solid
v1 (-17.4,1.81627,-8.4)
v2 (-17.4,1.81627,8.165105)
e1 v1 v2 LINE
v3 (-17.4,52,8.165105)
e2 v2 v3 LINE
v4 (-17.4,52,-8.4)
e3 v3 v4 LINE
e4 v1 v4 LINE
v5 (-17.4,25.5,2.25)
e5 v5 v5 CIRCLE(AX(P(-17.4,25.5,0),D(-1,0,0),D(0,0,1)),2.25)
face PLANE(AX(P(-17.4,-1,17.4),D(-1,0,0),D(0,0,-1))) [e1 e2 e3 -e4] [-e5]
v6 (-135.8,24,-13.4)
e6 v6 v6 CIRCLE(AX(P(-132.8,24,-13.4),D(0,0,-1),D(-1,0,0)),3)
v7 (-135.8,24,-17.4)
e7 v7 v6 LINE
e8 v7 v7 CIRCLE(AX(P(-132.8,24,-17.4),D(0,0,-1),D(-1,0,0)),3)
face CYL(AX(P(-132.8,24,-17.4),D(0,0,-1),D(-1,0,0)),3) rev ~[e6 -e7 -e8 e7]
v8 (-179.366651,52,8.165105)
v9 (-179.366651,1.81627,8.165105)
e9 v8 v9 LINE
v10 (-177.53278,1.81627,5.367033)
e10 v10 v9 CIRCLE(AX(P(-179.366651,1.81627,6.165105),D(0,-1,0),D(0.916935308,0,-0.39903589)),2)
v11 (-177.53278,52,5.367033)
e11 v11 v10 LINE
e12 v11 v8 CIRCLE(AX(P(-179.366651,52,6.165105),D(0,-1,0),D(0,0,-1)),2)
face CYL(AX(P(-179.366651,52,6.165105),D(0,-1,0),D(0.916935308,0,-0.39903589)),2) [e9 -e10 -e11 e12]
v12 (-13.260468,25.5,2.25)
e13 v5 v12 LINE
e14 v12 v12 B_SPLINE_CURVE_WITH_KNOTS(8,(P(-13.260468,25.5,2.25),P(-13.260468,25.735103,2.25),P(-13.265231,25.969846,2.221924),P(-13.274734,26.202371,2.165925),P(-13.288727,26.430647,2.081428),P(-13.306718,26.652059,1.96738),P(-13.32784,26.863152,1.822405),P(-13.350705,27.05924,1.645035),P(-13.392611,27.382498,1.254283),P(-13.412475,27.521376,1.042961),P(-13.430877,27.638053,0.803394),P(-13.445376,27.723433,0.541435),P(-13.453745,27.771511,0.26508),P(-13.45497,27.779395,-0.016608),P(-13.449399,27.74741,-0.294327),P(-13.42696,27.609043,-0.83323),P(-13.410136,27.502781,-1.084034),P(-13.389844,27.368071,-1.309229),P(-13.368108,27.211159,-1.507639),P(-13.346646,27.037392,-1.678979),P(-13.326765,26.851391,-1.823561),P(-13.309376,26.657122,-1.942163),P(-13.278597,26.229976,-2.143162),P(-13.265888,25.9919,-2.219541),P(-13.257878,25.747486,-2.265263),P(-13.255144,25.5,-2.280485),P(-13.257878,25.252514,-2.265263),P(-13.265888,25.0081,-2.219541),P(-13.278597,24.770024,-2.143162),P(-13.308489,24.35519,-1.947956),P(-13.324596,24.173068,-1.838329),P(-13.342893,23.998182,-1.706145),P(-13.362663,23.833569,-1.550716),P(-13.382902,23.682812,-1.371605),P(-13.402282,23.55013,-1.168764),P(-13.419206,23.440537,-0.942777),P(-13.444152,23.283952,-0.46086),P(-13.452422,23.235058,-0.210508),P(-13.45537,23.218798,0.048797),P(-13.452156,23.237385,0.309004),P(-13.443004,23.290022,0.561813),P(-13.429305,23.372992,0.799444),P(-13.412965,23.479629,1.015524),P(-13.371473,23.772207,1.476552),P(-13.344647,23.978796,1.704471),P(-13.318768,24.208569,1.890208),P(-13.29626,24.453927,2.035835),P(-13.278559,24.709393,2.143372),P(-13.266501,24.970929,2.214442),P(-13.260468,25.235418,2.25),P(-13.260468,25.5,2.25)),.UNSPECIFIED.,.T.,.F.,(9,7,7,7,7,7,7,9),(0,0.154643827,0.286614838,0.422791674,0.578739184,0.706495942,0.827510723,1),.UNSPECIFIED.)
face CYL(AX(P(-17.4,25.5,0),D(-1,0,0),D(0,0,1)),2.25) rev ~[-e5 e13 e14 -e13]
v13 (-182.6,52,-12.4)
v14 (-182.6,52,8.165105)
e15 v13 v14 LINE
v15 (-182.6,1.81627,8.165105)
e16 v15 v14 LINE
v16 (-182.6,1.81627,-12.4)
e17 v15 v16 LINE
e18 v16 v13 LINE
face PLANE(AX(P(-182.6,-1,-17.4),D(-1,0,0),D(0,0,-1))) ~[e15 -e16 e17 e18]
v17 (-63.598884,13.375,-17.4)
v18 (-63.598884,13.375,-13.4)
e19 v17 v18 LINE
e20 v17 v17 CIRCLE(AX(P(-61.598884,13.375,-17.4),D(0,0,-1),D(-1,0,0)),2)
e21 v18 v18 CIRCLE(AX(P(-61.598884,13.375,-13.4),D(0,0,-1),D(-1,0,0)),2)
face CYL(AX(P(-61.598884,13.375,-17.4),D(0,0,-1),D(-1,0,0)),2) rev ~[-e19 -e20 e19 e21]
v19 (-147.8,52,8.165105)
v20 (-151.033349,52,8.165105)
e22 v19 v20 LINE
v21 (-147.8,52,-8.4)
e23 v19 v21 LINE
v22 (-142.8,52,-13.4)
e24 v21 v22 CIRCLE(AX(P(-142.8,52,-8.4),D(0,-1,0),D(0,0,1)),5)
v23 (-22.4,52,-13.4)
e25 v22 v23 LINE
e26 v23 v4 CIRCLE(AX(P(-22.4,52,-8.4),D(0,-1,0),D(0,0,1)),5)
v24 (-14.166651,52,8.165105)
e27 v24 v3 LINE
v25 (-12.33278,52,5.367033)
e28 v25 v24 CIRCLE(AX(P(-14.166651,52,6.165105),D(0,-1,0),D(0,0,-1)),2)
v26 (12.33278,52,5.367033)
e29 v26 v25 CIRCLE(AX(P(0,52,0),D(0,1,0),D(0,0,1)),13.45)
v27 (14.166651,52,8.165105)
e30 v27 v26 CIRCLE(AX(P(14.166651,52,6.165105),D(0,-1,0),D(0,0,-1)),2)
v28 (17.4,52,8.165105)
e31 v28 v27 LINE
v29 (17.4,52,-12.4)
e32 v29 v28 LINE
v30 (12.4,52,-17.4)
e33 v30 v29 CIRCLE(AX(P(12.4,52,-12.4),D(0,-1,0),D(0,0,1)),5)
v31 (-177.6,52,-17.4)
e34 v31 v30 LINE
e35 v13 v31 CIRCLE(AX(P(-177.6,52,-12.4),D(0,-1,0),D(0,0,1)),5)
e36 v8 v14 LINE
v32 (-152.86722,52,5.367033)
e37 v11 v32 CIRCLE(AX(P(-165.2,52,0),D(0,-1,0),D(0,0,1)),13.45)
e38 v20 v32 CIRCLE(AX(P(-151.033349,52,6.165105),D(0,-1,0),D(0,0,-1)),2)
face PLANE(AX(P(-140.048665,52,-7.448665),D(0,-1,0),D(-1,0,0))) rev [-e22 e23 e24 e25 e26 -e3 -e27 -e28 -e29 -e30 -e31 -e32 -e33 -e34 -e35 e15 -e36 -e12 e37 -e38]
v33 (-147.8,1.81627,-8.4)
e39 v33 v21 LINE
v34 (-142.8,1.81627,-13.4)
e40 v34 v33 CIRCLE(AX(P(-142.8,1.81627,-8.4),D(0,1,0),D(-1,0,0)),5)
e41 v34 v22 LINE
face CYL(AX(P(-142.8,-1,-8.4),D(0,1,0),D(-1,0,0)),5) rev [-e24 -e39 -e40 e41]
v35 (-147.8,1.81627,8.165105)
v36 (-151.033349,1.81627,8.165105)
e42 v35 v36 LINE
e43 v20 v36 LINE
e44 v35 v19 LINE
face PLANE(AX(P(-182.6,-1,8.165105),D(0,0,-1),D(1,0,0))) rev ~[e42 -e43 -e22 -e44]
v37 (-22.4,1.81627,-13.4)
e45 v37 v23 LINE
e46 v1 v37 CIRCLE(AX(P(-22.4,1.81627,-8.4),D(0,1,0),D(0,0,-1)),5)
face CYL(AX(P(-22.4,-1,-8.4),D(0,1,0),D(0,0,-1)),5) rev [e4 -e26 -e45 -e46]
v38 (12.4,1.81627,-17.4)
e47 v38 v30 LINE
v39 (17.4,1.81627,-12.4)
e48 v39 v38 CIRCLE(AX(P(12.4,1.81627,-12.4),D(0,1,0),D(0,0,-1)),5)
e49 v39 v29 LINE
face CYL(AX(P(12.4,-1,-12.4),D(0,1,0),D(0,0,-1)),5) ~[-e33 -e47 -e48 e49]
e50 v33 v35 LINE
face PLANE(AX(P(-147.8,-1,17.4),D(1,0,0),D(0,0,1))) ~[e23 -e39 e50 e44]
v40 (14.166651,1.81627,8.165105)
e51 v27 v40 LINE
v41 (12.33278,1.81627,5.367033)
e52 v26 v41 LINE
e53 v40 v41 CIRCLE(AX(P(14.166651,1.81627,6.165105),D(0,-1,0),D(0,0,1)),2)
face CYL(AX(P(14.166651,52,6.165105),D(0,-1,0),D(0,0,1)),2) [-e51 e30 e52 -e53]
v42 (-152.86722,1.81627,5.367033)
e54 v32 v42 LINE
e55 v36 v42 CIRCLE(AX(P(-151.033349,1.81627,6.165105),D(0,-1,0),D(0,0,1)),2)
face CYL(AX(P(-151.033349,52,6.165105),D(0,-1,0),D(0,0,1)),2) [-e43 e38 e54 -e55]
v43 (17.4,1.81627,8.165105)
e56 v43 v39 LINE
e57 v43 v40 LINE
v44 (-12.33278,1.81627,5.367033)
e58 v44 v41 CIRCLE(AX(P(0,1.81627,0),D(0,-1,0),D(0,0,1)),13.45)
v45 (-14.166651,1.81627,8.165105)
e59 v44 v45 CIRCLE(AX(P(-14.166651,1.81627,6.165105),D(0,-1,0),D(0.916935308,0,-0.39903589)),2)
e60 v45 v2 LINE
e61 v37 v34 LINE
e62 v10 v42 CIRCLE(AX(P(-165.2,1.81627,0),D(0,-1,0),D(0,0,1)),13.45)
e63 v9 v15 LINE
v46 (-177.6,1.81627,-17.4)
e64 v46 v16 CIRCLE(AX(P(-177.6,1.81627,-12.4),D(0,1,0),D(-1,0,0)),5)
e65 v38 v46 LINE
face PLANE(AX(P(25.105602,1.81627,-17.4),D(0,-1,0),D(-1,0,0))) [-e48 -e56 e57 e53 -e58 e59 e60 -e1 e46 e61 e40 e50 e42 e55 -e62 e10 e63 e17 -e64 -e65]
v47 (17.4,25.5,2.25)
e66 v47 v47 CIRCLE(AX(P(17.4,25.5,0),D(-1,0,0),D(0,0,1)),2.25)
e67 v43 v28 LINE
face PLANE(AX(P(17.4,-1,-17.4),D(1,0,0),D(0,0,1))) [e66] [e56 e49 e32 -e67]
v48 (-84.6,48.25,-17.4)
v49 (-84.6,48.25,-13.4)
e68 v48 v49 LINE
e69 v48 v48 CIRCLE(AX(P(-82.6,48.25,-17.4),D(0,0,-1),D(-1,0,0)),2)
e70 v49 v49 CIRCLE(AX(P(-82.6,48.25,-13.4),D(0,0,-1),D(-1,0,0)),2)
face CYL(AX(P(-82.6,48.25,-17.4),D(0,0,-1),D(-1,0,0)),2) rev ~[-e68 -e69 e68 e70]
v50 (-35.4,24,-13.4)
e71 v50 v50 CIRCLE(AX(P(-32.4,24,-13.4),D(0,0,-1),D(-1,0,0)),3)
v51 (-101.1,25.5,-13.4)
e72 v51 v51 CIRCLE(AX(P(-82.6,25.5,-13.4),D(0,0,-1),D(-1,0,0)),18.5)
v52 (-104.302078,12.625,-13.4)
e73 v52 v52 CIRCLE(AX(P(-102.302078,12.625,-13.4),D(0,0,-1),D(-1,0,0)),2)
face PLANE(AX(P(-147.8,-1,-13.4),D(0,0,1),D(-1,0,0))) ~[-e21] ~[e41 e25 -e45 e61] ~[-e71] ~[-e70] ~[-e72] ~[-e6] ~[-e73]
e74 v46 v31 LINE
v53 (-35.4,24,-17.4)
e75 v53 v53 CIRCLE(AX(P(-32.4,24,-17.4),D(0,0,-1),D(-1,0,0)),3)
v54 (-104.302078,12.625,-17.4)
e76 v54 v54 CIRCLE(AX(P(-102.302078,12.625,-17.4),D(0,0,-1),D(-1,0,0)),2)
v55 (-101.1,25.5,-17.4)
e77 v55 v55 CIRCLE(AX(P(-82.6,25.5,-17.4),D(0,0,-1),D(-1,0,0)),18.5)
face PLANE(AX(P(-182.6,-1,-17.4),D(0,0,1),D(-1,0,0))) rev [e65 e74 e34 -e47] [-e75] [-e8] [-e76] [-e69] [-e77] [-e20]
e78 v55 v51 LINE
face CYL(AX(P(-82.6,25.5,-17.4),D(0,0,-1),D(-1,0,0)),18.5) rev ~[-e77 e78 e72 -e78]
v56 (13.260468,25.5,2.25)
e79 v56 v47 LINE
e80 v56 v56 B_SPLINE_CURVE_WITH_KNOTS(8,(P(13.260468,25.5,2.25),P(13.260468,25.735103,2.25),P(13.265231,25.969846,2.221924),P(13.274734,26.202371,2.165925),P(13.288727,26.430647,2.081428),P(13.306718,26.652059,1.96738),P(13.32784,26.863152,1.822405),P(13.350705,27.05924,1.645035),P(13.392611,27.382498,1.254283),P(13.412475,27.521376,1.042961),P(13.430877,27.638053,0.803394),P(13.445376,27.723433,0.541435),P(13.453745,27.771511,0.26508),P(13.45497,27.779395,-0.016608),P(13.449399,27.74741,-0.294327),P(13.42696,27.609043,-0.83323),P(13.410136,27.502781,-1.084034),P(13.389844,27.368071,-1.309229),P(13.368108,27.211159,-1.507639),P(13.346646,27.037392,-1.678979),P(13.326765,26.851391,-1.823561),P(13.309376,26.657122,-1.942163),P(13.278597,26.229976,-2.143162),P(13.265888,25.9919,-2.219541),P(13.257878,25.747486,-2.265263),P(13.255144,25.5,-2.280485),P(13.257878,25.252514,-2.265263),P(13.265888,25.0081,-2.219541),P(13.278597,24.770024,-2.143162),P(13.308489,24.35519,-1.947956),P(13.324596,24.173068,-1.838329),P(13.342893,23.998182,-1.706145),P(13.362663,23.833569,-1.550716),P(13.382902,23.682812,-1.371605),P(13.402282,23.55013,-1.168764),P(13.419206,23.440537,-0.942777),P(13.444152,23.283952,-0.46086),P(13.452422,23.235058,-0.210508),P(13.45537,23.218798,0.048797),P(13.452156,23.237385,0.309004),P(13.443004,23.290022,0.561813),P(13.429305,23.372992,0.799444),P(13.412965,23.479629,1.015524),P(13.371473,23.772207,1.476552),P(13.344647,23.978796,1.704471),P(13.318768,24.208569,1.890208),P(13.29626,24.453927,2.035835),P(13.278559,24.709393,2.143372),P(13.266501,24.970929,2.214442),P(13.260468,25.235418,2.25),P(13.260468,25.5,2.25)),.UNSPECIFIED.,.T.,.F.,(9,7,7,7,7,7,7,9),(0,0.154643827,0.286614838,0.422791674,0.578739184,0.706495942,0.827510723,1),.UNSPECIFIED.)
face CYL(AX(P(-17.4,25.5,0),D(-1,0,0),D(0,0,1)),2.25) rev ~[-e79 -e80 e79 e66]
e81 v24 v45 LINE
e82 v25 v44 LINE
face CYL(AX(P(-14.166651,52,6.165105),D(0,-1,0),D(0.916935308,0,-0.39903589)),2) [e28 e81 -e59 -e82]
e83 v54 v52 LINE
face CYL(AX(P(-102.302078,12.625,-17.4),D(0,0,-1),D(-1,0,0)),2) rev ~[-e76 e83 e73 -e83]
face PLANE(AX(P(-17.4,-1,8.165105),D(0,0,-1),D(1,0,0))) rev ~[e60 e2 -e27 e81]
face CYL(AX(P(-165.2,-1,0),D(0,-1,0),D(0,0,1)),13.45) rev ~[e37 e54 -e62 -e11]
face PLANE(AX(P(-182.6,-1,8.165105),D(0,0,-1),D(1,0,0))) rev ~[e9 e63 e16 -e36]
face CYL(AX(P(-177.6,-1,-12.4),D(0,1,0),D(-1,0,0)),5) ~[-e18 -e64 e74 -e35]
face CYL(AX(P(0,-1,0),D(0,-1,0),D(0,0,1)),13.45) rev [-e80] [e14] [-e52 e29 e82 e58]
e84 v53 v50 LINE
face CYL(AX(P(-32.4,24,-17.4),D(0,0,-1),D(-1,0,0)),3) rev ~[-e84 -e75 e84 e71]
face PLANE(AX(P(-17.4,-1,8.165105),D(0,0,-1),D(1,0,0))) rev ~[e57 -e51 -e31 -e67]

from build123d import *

# Parameters (mm, degrees)
BOSS_EXTRUDE2_START = -1
SKETCH1_R           = 13.45
BOSS_EXTRUDE2_DEPTH = 53
FILLET1_R           = 3
FILLET2_R           = 5
SKETCH9_R           = 2.25
CUT_EXTRUDE2_DEPTH  = 175.062632406
CUT_EXTRUDE4_DEPTH  = 61
FILLET3_R           = 2
SKETCH12_R          = 18.5
SKETCH12_R_2        = 2
CUT_EXTRUDE5_DEPTH  = 61
SKETCH13_R          = 3
CUT_EXTRUDE8_DEPTH  = 41
SKETCH14_W          = 211.811280225
SKETCH14_H          = 13.838629025
CUT_EXTRUDE10_DEPTH = 41


with BuildPart() as part:
    # Sketch1 → Boss-Extrude2 (new body)
    with BuildSketch(Plane(origin=(0, 0, 0), x_dir=(1, 0, 0), z_dir=(0, 1, 0)).offset(BOSS_EXTRUDE2_START)):
        Polygon((-17.4, 17.4), (17.4, 17.4), (17.4, -17.4), (-17.4, -17.4), (-17.4, 13.4), (-82.6, 13.4), (-82.6, 17.4), align=None)
        with Locations(Location((0, 0, 0), (0, 0, 270))):
            Circle(SKETCH1_R, mode=Mode.SUBTRACT)
    boss_extrude2 = extrude(amount=BOSS_EXTRUDE2_DEPTH)

    # Mirror2: Boss-Extrude2 across plane
    add(boss_extrude2.mirror(Plane(origin=(-82.6, -1, -17.4), x_dir=(0, 0, 1), z_dir=(-1, 0, 0))))

    # Fillet1
    fillet1_edges = [part.edges().sort_by_distance(p)[0] for p in [
        (17.4, 25.5, 17.4),
        (-17.4, 25.5, 17.4),
        (-182.6, 25.5, 17.4),
        (-147.8, 25.5, 17.4),
    ]]
    fillet(fillet1_edges, radius=FILLET1_R)

    # Fillet2
    fillet2_edges = [part.edges().sort_by_distance(p)[0] for p in [
        (-17.4, 25.5, -13.4),
        (17.4, 25.5, -17.4),
        (-182.6, 25.5, -17.4),
        (-147.8, 25.5, -13.4),
    ]]
    fillet(fillet2_edges, radius=FILLET2_R)

    # Sketch9 → Cut-Extrude2 (cut, through all)
    with BuildSketch(Plane.ZY.offset(17.4)):
        with Locations((0, 25.5)):
            Circle(SKETCH9_R)
    extrude(amount=-CUT_EXTRUDE2_DEPTH, mode=Mode.SUBTRACT)

    # Sketch11 → Cut-Extrude4 (cut)
    with BuildSketch(Plane.XZ.offset(1)):
        Polygon((17.4, 11.356288415), (17.4, 18.363602968), (-17.4, 18.363602968), (-17.4, 11.356288415), (-17.4, 8.165104504), (-10.6880105, 8.165104504), (10.6880105, 8.165104504), (17.4, 8.165104504), align=None)
        Polygon((-182.6, 11.356288415), (-182.6, 18.363602968), (-147.8, 18.363602968), (-147.8, 11.356288415), (-147.8, 8.165104504), (-154.5119895, 8.165104504), (-175.8880105, 8.165104504), (-182.6, 8.165104504), align=None)
    extrude(amount=-CUT_EXTRUDE4_DEPTH, mode=Mode.SUBTRACT)

    # Fillet3
    fillet3_edges = [part.edges().sort_by_distance(p)[0] for p in [
        (-154.5119895, 25.5, 8.165104504),
        (-175.8880105, 25.5, 8.165104504),
        (10.6880105, 25.5, 8.165104504),
        (-10.6880105, 25.5, 8.165104504),
    ]]
    fillet(fillet3_edges, radius=FILLET3_R)

    # Sketch12 → Cut-Extrude5 (cut)
    with BuildSketch(Plane(origin=(0, 0, -17.4), x_dir=(-1, 0, 0), z_dir=(0, 0, -1))):
        with Locations((82.6, 25.5)):
            Circle(SKETCH12_R)
        with Locations((82.6, 48.25)):
            Circle(SKETCH12_R_2)
        with Locations((102.302077936, 12.625)):
            Circle(SKETCH12_R_2)
        with Locations((61.598883958, 13.375)):
            Circle(SKETCH12_R_2)
    extrude(amount=-CUT_EXTRUDE5_DEPTH, mode=Mode.SUBTRACT)

    # Sketch13 → Cut-Extrude8 (cut)
    with BuildSketch(Plane(origin=(0, 0, -17.4), x_dir=(-1, 0, 0), z_dir=(0, 0, -1))):
        with Locations((132.8, 24)):
            Circle(SKETCH13_R)
        with Locations((32.4, 24)):
            Circle(SKETCH13_R)
    extrude(amount=-CUT_EXTRUDE8_DEPTH, mode=Mode.SUBTRACT)

    # Sketch14 → Cut-Extrude10 (cut)
    with BuildSketch(Plane(origin=(0, 0, -17.4), x_dir=(-1, 0, 0), z_dir=(0, 0, -1))):
        with Locations((80.800037621, -5.103044057)):
            Rectangle(SKETCH14_W, SKETCH14_H)
    extrude(amount=-CUT_EXTRUDE10_DEPTH, mode=Mode.SUBTRACT)


solid = part.part
